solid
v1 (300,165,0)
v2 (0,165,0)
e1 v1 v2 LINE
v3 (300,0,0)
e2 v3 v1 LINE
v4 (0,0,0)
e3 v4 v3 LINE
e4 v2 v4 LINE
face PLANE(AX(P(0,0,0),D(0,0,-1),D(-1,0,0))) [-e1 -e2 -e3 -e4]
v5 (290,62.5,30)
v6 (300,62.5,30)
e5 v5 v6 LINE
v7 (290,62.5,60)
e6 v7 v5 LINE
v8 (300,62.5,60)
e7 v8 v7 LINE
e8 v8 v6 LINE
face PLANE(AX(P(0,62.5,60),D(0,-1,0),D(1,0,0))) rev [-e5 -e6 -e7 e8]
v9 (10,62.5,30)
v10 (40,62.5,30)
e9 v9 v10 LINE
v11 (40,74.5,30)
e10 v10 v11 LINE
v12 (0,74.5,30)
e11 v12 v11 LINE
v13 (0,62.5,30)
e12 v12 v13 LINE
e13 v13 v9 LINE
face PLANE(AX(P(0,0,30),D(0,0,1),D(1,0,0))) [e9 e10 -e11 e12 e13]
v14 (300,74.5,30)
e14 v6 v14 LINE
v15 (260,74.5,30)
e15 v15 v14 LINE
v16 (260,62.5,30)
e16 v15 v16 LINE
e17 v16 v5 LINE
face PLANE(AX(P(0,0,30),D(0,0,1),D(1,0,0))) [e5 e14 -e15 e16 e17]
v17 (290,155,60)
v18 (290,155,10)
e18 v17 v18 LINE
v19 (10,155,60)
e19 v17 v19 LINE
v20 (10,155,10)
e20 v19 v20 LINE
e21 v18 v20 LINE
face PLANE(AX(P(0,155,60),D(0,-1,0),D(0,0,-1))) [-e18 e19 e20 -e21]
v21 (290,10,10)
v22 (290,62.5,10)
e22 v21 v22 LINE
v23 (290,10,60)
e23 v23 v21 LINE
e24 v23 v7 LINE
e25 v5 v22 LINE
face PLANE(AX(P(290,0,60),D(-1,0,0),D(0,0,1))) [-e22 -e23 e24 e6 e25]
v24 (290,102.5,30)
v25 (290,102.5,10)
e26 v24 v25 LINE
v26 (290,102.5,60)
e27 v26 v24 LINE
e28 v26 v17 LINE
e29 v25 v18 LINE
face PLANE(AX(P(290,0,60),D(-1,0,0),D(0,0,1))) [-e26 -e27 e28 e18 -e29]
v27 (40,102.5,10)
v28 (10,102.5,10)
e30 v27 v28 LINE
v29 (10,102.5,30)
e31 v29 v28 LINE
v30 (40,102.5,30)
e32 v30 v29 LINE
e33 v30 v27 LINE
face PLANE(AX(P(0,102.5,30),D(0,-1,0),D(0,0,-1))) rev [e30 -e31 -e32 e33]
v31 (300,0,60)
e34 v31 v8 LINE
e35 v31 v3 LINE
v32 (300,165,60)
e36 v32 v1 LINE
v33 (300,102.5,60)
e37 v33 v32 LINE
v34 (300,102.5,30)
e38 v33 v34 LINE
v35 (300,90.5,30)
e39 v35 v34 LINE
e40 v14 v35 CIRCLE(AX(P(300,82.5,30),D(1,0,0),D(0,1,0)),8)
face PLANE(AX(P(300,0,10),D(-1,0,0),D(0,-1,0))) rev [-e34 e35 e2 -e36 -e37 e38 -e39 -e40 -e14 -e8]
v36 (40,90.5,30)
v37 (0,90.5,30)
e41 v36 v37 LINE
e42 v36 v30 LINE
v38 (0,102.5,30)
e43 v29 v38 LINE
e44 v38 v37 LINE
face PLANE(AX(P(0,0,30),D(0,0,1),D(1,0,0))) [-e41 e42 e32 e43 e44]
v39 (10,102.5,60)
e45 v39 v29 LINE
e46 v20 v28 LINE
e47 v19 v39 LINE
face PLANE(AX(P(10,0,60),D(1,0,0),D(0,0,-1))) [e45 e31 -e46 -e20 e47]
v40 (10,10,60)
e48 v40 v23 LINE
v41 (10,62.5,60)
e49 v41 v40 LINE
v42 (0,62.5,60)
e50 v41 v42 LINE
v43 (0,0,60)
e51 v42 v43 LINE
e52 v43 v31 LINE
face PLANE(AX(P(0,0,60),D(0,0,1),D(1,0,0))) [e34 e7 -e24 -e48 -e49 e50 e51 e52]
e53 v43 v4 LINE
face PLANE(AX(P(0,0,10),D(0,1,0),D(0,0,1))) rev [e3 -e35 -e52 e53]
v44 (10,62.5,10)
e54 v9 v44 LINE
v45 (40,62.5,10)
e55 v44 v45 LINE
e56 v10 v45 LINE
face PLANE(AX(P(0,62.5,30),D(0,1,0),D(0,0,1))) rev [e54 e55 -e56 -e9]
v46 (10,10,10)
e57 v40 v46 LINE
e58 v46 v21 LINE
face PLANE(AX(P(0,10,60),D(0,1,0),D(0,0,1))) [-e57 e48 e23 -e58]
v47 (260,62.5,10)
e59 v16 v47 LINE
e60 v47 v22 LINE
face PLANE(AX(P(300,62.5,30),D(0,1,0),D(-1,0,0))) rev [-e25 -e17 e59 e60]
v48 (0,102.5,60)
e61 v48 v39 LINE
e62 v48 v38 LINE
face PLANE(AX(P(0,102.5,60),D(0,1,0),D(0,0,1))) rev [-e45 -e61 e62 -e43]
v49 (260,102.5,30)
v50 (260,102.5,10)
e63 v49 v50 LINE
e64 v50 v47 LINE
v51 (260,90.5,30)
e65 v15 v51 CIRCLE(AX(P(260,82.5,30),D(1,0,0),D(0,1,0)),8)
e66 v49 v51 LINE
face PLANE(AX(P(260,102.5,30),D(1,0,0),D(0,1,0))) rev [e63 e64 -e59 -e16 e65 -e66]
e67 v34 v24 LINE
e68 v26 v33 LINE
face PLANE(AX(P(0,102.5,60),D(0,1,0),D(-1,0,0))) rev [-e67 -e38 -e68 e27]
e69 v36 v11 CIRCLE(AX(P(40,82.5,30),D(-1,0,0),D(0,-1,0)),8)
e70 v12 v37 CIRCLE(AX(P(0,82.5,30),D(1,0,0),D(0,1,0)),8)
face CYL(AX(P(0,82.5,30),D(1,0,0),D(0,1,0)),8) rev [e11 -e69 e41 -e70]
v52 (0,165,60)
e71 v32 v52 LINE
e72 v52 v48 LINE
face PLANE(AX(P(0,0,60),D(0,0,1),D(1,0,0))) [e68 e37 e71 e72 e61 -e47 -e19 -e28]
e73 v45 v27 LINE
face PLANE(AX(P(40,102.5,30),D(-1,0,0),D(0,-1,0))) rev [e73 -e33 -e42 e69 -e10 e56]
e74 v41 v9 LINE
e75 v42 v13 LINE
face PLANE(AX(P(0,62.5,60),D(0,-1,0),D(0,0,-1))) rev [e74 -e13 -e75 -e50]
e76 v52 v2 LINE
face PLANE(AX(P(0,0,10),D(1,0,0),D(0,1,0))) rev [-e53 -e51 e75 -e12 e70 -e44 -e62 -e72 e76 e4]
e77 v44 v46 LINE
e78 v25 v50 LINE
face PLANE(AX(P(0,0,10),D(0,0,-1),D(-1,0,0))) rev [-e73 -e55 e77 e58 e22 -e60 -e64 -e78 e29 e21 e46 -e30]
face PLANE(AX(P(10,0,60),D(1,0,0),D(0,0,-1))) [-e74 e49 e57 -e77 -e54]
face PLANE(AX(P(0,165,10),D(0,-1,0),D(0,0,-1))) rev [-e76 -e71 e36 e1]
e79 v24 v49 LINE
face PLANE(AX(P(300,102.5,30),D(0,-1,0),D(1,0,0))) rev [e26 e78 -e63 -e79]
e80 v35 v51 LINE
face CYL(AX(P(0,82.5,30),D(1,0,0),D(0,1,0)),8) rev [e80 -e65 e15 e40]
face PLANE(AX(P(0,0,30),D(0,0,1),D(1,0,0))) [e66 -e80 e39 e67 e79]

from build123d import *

# Parameters (mm, degrees)
SKETCH_1_W          = 300
SKETCH_1_H          = 165
EXTRUDE_1_DEPTH     = 10
SKETCH_2_W          = 40
SKETCH_2_H          = 40
EXTRUDE_2_DEPTH     = 20
EXTRUDE_3_DEPTH     = 50
SKETCH_5_R          = 8
CUT_EXTRUDE_1_DEPTH = 348.598906788


with BuildPart() as part:
    # 스케치1 → 보스-돌출1 (new body)
    with BuildSketch(Plane.XY):
        with Locations((150, 82.5)):
            Rectangle(SKETCH_1_W, SKETCH_1_H)
    extrude(amount=EXTRUDE_1_DEPTH)

    # 스케치2 → 보스-돌출2 (add)
    with BuildSketch(Plane.XY.offset(10)):
        with Locations((20, 82.5)):
            Rectangle(SKETCH_2_W, SKETCH_2_H)
        with Locations((280, 82.5)):
            Rectangle(SKETCH_2_W, SKETCH_2_H)
    extrude(amount=EXTRUDE_2_DEPTH)

    # 스케치4 → 보스-돌출3 (add)
    with BuildSketch(Plane.XY.offset(10)):
        Polygon((0, 165), (0, 102.5), (10, 102.5), (10, 155), (290, 155), (290, 102.5), (300, 102.5), (300, 165), align=None)
        Polygon((10, 62.5), (0, 62.5), (0, 0), (300, 0), (300, 62.5), (290, 62.5), (290, 10), (10, 10), align=None)
    extrude(amount=EXTRUDE_3_DEPTH)

    # 스케치5 → 컷-돌출1 (cut, through all)
    with BuildSketch(Plane(origin=(300, 0, 0), x_dir=(0, 0, -1), z_dir=(1, 0, 0))):
        with Locations((-30, 82.5)):
            Circle(SKETCH_5_R)
    extrude(amount=-CUT_EXTRUDE_1_DEPTH, mode=Mode.SUBTRACT)


solid = part.part
